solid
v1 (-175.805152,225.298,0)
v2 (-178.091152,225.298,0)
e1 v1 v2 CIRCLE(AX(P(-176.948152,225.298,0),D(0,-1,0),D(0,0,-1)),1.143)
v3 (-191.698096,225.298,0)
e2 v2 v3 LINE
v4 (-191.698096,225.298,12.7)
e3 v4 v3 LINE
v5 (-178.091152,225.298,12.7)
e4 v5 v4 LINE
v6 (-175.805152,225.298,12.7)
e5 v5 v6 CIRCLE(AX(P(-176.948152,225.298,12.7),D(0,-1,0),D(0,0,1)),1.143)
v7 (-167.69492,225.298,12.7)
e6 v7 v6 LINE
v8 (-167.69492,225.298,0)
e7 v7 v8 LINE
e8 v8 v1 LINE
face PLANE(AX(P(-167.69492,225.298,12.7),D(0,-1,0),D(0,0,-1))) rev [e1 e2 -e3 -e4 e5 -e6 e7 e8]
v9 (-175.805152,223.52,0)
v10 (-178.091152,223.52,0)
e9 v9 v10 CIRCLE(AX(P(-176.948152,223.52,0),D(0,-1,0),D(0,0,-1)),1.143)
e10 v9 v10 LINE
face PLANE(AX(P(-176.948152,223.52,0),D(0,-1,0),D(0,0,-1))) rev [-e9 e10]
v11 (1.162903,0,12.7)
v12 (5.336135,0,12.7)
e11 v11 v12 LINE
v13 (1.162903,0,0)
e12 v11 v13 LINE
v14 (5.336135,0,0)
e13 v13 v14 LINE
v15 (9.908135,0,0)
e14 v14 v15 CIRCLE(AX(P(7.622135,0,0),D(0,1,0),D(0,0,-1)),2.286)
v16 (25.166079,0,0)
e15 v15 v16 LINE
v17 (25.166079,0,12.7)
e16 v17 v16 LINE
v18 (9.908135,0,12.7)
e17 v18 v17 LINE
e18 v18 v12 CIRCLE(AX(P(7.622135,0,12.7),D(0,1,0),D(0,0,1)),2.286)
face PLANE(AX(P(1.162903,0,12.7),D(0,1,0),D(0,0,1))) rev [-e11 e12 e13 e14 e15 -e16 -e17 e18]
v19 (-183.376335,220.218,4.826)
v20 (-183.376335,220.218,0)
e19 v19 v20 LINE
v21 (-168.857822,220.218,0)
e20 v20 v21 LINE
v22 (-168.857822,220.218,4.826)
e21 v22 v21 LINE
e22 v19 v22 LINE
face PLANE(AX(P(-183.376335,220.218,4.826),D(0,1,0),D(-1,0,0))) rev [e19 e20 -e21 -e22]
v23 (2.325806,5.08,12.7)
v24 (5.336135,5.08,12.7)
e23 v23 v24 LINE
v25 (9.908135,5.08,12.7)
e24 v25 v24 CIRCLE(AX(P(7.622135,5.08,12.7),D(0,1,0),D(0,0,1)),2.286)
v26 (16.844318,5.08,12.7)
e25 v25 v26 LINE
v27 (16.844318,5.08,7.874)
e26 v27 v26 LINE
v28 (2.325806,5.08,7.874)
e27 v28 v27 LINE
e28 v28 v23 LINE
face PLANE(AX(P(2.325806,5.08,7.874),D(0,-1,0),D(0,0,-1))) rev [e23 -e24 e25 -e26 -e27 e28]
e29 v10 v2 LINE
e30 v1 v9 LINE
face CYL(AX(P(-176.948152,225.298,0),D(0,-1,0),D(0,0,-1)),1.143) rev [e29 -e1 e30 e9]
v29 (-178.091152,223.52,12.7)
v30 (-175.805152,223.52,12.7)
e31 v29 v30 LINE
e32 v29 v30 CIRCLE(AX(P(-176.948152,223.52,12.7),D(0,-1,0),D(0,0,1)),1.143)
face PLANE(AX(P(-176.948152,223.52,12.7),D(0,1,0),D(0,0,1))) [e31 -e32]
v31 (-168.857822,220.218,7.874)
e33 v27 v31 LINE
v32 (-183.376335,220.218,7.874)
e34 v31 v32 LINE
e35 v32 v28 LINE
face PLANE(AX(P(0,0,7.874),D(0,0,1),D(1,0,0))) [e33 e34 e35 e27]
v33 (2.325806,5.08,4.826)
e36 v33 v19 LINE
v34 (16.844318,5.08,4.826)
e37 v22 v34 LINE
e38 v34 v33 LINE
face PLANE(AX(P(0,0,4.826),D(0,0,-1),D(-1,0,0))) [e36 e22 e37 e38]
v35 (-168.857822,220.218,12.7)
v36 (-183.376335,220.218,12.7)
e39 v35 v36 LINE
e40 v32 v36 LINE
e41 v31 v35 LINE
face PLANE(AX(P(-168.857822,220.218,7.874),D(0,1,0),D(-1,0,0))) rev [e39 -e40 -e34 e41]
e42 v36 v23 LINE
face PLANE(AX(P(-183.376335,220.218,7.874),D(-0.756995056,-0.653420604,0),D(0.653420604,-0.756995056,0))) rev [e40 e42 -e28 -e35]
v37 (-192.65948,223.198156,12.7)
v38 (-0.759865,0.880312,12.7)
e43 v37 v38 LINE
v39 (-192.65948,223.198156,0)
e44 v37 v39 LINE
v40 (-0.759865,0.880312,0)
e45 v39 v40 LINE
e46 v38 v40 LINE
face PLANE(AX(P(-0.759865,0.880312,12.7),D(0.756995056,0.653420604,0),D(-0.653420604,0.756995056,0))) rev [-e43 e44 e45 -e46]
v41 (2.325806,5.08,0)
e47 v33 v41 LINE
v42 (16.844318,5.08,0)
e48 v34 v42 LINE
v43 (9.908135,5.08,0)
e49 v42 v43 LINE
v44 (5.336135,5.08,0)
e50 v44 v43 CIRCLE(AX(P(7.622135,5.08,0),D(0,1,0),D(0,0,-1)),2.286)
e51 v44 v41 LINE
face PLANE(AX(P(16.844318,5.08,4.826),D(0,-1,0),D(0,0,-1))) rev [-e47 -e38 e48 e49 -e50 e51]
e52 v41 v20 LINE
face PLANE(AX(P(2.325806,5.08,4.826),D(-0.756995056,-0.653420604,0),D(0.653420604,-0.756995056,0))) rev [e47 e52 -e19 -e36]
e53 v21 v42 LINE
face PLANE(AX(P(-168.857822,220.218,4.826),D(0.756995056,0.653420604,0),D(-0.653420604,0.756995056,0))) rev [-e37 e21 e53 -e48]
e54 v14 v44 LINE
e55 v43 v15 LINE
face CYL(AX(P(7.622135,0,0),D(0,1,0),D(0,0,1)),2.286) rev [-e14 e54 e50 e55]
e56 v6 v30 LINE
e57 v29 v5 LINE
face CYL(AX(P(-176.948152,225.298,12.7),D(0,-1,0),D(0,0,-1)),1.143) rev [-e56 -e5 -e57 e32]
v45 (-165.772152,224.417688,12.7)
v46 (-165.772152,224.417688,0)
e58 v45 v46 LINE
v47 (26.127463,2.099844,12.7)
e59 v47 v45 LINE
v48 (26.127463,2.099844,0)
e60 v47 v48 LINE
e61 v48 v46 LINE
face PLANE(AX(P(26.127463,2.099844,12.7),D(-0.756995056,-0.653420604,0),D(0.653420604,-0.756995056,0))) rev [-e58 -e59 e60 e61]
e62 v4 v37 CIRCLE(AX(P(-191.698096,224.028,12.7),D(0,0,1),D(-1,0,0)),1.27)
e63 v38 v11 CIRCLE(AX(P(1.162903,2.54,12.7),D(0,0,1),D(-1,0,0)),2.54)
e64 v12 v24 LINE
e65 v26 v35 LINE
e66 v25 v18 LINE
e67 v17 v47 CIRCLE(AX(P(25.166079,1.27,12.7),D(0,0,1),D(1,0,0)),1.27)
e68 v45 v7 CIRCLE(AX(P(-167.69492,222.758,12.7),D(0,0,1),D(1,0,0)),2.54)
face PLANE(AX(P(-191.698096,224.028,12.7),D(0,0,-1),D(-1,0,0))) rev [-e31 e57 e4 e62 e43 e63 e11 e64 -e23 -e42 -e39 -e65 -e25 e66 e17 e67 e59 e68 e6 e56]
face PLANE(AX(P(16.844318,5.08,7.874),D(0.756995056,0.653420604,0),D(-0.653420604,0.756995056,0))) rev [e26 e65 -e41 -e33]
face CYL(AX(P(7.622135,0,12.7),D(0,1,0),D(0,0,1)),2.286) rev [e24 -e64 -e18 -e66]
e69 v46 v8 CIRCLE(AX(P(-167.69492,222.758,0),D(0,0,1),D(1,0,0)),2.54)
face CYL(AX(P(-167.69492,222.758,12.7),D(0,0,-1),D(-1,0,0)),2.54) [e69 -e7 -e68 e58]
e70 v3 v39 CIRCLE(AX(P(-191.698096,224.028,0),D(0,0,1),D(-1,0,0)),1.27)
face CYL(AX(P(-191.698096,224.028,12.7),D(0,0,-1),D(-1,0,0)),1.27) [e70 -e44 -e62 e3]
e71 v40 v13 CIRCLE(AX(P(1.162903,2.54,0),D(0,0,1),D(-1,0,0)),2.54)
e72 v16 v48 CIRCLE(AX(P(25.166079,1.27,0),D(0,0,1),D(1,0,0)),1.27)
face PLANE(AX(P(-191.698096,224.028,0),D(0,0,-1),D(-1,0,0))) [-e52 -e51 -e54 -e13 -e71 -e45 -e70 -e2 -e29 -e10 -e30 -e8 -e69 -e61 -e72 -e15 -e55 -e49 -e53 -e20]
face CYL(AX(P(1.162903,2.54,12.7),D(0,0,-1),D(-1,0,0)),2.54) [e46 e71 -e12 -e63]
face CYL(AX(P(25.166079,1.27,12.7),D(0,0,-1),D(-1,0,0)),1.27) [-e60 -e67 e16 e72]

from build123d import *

# Parameters (mm, degrees)
BOSS_EXTRUDE1_DEPTH = 12.7
CUT_EXTRUDE1_DEPTH  = 4.826
CUT_EXTRUDE2_DEPTH  = 4.826
SKETCH5_R           = 1.143
CUT_EXTRUDE3_DEPTH  = 296.565841373
SKETCH6_R           = 2.286
CUT_EXTRUDE4_DEPTH  = 294.076685716


with BuildPart() as part:
    # Sketch1 → Boss-Extrude1 (new body)
    with BuildSketch(Plane.XY):
        with BuildLine():
            Line((-0.759864647, 0.880311666), (-192.659480012, 223.198155833))
            ThreePointArc((-192.659480012, 223.198155833), (-192.85282615, 224.556676606), (-191.698096292, 225.298))
            Line((-191.698096292, 225.298), (-167.694919671, 225.298))
            ThreePointArc((-167.694919671, 225.298), (-166.637566458, 225.067459717), (-165.772152229, 224.417688334))
            Line((-165.772152229, 224.417688334), (26.127463136, 2.099844167))
            ThreePointArc((26.127463136, 2.099844167), (26.320809274, 0.741323394), (25.166079416, 0))
            Line((25.166079416, 0), (1.162902795, 0))
            ThreePointArc((1.162902795, 0), (0.105549582, 0.230540283), (-0.759864647, 0.880311666))
        make_face()
    extrude(amount=BOSS_EXTRUDE1_DEPTH)

    # Sketch3 → Cut-Extrude1 (cut)
    with BuildSketch(Plane.XY.offset(12.7)):
        Polygon((-183.376334539, 220.218), (2.32580559, 5.08), (16.844317663, 5.08), (-168.857822466, 220.218), align=None)
    extrude(amount=-CUT_EXTRUDE1_DEPTH, mode=Mode.SUBTRACT)

    # Sketch4 → Cut-Extrude2 (cut)
    with BuildSketch(Plane(origin=(0, 0, 0), x_dir=(-1, 0, 0), z_dir=(0, 0, -1))):
        Polygon((183.376334539, 220.218), (168.857822466, 220.218), (-16.844317663, 5.08), (-2.32580559, 5.08), align=None)
    extrude(amount=-CUT_EXTRUDE2_DEPTH, mode=Mode.SUBTRACT)

    # Sketch5 → Cut-Extrude3 (cut, through all)
    with BuildSketch(Plane.XZ.offset(-223.52)):
        with Locations((-176.948152229, 0)):
            Circle(SKETCH5_R)
        with Locations((-176.948152229, 12.7)):
            Circle(SKETCH5_R)
    extrude(amount=-CUT_EXTRUDE3_DEPTH, mode=Mode.SUBTRACT)

    # Sketch6 → Cut-Extrude4 (cut, through all)
    with BuildSketch(Plane(origin=(0, 5.08, 0), x_dir=(1, 0, 0), z_dir=(0, 1, 0))):
        with Locations((7.622135353, -12.7)):
            Circle(SKETCH6_R)
        with Locations((7.622135353, 0)):
            Circle(SKETCH6_R)
    extrude(amount=-CUT_EXTRUDE4_DEPTH, mode=Mode.SUBTRACT)


solid = part.part
